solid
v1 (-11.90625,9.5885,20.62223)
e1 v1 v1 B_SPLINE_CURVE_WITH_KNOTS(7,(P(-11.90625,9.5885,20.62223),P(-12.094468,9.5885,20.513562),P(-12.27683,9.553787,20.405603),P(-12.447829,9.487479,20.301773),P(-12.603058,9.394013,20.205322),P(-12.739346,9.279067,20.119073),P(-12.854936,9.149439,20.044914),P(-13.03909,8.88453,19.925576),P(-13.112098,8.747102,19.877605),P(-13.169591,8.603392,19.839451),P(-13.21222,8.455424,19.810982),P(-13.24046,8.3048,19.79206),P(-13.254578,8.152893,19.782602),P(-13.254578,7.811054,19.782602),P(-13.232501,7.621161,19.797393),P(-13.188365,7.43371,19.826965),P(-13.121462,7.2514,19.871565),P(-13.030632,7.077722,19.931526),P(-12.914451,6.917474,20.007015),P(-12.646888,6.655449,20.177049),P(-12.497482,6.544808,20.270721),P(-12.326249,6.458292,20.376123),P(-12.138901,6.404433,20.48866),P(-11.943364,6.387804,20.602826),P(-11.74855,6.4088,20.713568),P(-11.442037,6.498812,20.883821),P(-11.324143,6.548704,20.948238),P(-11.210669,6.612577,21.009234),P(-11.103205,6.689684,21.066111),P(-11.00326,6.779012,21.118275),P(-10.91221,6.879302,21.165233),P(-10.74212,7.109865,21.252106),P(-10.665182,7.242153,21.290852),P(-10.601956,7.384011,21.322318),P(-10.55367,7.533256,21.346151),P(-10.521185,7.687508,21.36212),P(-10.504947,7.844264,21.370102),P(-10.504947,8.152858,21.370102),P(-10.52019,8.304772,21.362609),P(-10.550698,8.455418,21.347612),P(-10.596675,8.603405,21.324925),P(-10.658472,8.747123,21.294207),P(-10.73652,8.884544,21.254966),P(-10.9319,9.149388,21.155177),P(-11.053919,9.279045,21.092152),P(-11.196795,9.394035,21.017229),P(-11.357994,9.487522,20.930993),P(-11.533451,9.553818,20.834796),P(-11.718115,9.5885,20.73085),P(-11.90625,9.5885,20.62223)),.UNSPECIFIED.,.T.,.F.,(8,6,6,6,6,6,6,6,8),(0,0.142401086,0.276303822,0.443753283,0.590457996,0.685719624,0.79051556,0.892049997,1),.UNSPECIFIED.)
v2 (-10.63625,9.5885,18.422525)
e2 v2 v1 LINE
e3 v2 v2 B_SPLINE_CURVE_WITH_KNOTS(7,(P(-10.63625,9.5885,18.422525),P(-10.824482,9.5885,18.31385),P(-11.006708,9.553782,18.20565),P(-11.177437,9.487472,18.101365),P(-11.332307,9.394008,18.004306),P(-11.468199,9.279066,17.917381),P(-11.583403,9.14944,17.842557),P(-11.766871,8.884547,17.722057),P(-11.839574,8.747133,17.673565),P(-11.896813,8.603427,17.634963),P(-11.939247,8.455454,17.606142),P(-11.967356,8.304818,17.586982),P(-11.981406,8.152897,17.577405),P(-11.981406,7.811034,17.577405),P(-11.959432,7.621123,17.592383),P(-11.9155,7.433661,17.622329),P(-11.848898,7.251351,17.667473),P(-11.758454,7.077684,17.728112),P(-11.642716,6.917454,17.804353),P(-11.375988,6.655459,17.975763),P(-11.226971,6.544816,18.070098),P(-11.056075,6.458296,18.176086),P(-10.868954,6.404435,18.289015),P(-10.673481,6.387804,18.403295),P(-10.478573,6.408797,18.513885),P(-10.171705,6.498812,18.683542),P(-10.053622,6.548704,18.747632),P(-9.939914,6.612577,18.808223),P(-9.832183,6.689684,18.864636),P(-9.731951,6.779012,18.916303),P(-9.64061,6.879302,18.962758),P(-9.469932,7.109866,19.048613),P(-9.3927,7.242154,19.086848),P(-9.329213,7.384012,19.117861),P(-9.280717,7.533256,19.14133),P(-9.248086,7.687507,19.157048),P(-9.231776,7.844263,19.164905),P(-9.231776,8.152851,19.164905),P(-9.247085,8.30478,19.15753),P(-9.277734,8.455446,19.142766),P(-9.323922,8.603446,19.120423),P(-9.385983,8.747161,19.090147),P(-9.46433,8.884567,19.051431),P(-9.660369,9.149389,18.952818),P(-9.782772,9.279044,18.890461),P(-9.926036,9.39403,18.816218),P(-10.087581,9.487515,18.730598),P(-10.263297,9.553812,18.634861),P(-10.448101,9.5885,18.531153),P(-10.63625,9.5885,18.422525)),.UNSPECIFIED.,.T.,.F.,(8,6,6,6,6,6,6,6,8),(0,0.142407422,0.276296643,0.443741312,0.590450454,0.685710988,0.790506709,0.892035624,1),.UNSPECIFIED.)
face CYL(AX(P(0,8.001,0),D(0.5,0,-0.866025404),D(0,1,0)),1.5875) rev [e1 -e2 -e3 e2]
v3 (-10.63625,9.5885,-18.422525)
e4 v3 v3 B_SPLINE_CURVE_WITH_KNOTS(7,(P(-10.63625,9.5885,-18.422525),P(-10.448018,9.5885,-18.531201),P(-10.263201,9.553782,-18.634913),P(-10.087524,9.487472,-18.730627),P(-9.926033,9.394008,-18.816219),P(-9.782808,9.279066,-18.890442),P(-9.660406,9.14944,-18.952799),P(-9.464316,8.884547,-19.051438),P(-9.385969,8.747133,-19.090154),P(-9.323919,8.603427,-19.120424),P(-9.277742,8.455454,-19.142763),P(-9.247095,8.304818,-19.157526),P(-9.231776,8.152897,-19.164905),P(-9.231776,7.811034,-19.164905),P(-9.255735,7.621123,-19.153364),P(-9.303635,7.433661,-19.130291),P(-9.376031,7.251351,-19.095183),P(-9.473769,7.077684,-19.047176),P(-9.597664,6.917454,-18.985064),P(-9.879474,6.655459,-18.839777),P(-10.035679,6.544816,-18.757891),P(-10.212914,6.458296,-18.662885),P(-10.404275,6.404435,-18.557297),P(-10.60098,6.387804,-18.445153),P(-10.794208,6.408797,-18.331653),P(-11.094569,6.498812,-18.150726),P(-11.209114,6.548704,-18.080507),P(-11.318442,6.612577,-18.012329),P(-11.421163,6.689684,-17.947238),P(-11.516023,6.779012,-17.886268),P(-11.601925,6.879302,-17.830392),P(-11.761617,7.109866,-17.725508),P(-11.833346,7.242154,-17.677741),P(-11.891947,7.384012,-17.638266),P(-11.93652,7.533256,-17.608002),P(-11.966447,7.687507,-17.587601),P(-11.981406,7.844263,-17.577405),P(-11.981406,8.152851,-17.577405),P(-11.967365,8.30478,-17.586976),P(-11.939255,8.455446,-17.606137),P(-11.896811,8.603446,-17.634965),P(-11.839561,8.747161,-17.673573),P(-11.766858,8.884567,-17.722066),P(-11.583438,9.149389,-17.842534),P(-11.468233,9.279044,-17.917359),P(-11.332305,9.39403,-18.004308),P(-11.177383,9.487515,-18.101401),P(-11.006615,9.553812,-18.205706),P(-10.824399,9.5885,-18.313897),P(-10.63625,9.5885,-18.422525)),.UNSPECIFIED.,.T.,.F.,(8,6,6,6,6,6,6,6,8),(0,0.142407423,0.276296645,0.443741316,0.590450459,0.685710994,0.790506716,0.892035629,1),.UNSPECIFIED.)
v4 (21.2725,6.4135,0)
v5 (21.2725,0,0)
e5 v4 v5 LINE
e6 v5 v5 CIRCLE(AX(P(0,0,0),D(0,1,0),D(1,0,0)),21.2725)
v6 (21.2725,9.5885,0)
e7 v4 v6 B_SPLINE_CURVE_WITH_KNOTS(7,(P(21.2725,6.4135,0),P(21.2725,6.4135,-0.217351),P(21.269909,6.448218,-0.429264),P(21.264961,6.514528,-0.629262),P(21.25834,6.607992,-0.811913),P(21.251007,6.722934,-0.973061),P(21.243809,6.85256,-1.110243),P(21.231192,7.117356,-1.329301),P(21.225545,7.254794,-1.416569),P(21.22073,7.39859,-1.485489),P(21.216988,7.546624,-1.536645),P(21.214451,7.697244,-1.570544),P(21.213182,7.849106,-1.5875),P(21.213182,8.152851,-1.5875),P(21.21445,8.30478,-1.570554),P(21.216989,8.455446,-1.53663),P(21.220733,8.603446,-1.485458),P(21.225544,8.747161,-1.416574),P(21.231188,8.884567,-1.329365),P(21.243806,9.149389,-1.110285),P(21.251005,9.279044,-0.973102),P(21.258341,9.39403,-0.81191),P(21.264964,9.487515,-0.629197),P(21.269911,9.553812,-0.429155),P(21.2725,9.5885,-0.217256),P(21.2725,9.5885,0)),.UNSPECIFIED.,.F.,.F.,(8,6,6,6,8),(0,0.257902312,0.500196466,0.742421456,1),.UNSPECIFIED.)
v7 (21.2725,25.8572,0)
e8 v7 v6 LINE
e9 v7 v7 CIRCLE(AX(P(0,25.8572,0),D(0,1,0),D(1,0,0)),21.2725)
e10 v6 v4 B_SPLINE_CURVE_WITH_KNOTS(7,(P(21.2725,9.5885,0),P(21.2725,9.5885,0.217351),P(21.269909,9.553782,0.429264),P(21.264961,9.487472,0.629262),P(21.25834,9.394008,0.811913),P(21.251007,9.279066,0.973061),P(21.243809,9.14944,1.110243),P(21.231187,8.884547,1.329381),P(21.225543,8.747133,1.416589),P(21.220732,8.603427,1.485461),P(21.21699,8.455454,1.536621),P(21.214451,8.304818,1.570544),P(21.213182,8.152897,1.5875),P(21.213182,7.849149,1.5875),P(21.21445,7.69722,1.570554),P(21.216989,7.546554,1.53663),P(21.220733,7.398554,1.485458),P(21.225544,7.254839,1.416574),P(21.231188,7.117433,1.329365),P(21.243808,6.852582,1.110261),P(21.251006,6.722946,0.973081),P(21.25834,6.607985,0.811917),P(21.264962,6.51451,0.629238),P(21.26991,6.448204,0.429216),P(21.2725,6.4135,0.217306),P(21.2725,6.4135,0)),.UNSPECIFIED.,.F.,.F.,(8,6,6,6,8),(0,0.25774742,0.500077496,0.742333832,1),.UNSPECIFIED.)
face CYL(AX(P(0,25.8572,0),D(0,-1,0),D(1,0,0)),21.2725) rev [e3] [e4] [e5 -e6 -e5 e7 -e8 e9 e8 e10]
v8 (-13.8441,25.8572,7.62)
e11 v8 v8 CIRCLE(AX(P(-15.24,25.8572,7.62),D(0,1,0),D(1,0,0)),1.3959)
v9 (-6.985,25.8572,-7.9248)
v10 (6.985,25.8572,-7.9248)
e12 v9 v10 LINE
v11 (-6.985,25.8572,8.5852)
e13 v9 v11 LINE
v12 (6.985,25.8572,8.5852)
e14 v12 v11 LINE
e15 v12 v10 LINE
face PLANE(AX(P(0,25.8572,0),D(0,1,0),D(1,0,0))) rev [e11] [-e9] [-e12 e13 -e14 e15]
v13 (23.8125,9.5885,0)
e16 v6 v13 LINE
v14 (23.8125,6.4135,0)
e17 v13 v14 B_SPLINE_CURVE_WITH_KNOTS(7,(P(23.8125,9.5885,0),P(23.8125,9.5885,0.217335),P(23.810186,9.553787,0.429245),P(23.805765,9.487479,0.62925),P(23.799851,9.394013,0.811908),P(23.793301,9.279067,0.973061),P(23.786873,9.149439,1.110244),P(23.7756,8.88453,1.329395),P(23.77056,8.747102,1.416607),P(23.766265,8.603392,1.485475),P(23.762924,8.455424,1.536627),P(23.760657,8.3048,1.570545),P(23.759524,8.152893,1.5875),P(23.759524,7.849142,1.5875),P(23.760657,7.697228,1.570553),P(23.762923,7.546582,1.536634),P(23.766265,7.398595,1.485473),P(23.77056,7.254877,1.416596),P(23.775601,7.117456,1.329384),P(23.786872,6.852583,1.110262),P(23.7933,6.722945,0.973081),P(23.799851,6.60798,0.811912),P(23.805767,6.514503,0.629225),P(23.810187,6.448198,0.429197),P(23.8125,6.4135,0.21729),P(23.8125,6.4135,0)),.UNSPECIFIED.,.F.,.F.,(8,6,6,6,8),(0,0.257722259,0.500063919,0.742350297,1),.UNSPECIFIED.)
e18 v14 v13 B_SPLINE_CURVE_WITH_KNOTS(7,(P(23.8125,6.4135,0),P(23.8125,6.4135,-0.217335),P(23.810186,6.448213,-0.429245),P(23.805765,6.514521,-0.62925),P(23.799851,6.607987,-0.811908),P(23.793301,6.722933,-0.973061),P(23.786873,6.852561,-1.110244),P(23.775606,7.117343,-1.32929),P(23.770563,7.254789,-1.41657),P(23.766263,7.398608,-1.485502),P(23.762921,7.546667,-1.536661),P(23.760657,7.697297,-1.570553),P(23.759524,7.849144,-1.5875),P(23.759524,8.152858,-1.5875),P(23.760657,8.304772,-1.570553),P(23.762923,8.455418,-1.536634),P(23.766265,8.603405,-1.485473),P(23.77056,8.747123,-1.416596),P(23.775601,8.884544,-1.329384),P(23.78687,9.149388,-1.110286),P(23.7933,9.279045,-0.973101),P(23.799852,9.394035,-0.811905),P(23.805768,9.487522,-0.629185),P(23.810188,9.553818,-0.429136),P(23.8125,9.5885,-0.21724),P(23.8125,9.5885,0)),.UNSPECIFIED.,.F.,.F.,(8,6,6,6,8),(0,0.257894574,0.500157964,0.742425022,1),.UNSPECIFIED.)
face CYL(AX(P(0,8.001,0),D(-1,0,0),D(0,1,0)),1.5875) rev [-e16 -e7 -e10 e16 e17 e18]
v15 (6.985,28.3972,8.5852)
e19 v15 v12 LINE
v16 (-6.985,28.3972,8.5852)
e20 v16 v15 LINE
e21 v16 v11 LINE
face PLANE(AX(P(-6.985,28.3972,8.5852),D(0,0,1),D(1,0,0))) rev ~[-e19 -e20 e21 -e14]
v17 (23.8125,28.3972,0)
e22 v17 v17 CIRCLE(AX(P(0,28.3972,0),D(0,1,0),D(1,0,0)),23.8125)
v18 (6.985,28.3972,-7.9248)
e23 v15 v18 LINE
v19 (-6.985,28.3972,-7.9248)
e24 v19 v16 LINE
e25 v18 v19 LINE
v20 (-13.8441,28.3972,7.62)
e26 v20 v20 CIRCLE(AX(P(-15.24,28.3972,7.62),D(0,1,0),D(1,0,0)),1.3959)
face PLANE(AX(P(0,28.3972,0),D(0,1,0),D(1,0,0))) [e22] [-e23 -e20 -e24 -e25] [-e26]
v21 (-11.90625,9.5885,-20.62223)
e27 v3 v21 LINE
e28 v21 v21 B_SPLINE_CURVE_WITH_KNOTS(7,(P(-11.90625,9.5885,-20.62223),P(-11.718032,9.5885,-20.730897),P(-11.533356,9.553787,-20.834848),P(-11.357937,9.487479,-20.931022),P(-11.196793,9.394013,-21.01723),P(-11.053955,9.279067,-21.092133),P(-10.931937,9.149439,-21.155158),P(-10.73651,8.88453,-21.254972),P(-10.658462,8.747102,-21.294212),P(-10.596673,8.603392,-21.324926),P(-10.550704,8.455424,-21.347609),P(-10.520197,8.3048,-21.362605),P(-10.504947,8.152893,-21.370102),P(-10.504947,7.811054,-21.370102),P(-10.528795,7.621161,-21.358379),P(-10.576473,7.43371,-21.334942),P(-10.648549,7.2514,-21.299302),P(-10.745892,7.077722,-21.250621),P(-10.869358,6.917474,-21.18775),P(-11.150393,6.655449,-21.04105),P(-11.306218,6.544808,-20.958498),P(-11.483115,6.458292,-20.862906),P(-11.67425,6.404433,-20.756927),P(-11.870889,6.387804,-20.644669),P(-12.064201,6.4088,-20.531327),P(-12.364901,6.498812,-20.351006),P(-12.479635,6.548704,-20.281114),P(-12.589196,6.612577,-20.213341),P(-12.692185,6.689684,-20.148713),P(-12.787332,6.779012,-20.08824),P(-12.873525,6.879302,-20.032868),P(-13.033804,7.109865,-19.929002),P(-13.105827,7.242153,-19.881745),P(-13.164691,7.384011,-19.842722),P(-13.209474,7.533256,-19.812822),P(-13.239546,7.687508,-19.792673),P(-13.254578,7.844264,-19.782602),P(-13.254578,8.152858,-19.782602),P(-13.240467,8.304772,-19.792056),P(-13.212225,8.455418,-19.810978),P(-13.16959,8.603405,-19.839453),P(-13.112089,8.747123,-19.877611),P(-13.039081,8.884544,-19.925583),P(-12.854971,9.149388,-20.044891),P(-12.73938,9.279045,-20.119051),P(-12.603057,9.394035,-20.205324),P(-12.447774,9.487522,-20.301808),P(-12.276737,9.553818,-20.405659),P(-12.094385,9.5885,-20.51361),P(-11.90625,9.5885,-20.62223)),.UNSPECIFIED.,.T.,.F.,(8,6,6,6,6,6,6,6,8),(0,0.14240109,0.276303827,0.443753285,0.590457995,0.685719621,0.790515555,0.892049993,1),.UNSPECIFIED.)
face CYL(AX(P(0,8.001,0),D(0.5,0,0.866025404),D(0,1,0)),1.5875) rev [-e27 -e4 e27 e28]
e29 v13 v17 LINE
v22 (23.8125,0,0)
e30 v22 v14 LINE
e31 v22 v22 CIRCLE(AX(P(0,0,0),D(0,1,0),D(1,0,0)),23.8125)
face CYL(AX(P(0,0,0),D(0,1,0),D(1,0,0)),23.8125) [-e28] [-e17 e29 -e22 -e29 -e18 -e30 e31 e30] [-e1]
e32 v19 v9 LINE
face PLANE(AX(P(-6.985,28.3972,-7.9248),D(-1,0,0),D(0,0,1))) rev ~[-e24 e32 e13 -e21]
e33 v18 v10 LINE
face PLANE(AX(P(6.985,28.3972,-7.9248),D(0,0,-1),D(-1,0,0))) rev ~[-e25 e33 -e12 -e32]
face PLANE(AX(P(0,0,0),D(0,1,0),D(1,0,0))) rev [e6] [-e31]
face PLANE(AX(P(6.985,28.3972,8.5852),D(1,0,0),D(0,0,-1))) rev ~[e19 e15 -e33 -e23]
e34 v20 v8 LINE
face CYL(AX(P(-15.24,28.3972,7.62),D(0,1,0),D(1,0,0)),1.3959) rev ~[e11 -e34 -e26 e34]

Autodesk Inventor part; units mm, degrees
ref_plane "YZ Plane" through (0, 0, 0) normal (1, 0, 0) x (0, 1, 0)
ref_plane "XZ Plane" through (0, 0, 0) normal (0, 1, 0) x (-1, 0, 0)
ref_plane "XY Plane" through (0, 0, 0) normal (0, 0, 1) x (1, 0, 0)
sketch "Sketch1" plane through (0, 0, 0) normal (0, 0, 1) x (1, 0, 0)
  line L0 (21.2725, 0) -> (23.8125, 0)
  line L1 (23.8125, 0) -> (23.8125, 28.3972)
  line L2 (23.8125, 28.3972) -> (6.985, 28.3972)
  line L3 (21.2725, 25.8572) -> (21.2725, 0)
  line L4 (0, -5.6794) -> (0, 34.0766) projected
  line L5 (6.985, 25.8572) -> (6.985, 28.3972)
  line L6 (6.985, 25.8572) -> (21.2725, 25.8572)
  point P0 (0, 0)
  dimension "d5" = 28.3972
  dimension "d10" = 21.2725
  dimension "d13" = 2.54
  dimension "d22" = 6.985
  dimension "d50" = 2.54
revolve "Revolution1" add sketch "Sketch1" angle 360 about axis through (0, -10, 0) along (0, 1, 0)
sketch "Sketch4" plane through (0, 0, 0) normal (1, 0, 0) x (0, 1, 0)
  circle A0 centre (8.001, 0) radius 1.5875
  point P0 (0, 0)
  dimension "d33" = 3.175
  dimension "d34" = 8.001
extrude "Extrusion2" cut sketch "Sketch4" along normal through all
pattern_circular "Circular Pattern1" count 3 over 360 about axis through (0, 14.1986, 0) along (0, -1, 0) of "Extrusion2"
sketch "Sketch5" plane through (0, 28.3972, 0) normal (0, 1, 0) x (1, 0, 0)
  line L0 (6.985, 7.9248) -> (-6.985, 7.9248)
  line L1 (-6.985, 7.9248) -> (-6.985, -8.5852)
  line L2 (-6.985, -8.5852) -> (6.985, -8.5852)
  line L3 (6.985, -8.5852) -> (6.985, 7.9248)
  line L4 (6.985, 7.9248) -> (-6.985, -8.5852) construction
  line L5 (-6.985, 7.9248) -> (6.985, -8.5852) construction
  circle A0 centre (0, 0) radius 6.985 construction
  point P0 (0, -0.3302)
  dimension "d51" = 13.97
  dimension "d52" = 16.51
  dimension "d56" = 0.3302
extrude "Extrusion3" cut sketch "Sketch5" against normal through all
sketch "Sketch6" plane through (0, 28.3972, 0) normal (0, 1, 0) x (1, 0, 0)
  circle A0 centre (-15.24, -7.62) radius 1.3959
  line L0 (0, 0) -> (-15.24, -7.62) construction
  line L1 (-15.24, -7.62) -> (0, -7.62) construction
  line L2 (0, -7.62) -> (0, 0) construction
  dimension "d59" = 7.62
  dimension "d60" = 15.24
extrude "Extrusion4" cut sketch "Sketch6" against normal through all
properties part number "Gauge Housing"
